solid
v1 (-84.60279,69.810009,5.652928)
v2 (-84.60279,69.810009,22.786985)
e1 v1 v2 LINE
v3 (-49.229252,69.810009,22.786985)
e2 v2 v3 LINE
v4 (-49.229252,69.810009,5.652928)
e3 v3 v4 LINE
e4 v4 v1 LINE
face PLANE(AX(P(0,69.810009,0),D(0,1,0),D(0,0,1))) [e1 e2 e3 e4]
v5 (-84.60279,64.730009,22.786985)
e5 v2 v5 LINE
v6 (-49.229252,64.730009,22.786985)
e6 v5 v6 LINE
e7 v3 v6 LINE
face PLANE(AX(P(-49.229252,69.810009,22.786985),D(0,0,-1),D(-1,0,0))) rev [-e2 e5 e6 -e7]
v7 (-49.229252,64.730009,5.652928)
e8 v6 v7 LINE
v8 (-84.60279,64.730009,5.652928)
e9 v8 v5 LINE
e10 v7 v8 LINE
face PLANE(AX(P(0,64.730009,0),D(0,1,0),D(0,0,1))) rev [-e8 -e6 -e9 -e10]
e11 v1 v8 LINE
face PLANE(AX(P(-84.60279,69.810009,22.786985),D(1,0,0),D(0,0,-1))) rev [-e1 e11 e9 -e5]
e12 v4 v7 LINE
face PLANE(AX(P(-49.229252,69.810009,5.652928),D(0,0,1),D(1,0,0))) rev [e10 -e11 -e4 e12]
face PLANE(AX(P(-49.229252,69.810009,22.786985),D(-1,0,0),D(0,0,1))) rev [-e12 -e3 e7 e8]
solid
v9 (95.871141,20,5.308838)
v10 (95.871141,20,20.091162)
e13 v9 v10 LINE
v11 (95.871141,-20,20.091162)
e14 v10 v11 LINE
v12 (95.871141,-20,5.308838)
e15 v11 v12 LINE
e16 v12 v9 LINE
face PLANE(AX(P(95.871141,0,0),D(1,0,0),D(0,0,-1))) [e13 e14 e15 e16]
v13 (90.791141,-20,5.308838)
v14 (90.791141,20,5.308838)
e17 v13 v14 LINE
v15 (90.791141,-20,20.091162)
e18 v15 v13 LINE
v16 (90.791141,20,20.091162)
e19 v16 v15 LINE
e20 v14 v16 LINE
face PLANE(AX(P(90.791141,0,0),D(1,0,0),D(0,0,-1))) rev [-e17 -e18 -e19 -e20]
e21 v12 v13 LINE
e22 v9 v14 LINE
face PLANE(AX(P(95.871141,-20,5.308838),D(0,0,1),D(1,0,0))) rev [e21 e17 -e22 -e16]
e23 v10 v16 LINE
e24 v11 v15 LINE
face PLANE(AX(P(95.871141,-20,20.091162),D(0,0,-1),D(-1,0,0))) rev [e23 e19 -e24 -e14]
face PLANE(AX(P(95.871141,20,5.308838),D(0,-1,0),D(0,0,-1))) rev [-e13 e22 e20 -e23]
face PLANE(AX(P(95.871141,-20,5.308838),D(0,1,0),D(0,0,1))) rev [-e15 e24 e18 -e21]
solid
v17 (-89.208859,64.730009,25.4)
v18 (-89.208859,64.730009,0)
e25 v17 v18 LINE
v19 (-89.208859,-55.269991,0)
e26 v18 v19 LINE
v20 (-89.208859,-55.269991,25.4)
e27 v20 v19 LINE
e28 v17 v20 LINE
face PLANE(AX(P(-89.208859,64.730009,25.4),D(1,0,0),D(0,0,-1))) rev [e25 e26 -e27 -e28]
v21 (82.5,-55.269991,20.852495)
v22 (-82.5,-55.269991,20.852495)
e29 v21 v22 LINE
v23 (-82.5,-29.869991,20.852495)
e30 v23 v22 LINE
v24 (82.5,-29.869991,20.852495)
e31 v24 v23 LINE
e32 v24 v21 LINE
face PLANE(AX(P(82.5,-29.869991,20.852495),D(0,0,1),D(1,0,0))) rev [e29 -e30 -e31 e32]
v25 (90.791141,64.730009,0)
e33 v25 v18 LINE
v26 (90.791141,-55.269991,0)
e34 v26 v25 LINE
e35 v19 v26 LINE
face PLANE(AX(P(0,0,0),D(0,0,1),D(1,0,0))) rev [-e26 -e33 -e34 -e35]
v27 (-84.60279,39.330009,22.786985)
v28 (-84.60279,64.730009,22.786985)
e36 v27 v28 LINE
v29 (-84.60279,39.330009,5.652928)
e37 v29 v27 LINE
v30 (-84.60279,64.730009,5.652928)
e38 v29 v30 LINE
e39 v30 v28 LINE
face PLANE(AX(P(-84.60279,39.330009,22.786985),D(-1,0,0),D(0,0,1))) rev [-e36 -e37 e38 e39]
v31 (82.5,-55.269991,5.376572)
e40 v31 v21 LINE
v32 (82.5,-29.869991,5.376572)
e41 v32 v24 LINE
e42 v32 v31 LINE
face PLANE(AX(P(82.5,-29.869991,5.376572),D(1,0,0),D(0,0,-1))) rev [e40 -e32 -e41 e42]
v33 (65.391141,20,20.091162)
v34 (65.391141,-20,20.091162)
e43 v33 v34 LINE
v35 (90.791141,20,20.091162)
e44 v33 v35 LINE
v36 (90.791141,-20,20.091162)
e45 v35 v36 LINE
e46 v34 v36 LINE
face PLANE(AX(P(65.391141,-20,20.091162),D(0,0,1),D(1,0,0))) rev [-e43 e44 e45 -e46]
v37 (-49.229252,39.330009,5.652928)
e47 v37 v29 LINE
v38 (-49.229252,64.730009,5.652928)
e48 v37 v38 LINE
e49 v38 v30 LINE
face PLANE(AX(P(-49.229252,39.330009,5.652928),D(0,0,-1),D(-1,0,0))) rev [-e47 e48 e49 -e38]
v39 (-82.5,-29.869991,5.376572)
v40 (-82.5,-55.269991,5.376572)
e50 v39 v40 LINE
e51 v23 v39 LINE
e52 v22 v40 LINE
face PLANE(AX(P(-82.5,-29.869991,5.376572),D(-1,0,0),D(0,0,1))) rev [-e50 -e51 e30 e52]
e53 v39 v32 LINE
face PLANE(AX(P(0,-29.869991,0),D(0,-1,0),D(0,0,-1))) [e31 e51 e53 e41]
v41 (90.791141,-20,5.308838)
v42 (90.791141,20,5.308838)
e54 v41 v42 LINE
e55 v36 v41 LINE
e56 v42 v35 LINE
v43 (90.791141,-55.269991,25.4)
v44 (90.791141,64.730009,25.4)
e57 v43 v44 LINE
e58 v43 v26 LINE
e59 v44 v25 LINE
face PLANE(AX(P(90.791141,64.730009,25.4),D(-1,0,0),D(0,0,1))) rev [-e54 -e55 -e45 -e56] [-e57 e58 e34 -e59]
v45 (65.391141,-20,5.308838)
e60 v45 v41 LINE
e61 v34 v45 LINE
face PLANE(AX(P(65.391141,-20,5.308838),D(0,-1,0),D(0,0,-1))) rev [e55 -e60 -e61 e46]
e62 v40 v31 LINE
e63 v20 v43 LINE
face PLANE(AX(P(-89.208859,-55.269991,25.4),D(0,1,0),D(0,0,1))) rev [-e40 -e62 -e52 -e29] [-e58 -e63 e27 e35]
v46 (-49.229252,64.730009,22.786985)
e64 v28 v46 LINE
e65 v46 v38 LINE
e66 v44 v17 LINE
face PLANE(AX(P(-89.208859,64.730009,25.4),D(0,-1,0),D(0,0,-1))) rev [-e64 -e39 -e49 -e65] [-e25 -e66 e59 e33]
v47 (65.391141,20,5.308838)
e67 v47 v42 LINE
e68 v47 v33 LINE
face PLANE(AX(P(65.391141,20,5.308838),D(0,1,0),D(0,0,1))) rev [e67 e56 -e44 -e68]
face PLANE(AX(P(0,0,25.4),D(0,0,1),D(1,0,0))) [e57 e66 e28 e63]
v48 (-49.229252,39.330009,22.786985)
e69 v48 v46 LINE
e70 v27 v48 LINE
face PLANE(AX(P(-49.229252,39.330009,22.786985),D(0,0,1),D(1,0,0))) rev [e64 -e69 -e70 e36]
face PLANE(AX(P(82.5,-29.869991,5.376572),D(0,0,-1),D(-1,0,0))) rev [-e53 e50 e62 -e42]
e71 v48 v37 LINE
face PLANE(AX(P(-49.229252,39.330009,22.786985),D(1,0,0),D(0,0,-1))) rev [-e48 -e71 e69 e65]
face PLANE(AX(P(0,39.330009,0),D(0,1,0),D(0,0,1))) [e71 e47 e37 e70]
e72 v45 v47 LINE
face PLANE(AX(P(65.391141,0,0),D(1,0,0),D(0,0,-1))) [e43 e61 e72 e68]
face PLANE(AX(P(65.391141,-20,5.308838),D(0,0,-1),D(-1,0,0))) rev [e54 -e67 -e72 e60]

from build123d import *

# Parameters (mm, degrees)
SKETCH1_W           = 180
SKETCH1_H           = 120
BOSS_EXTRUDE2_DEPTH = 25.4
SKETCH2_W           = 165
SKETCH2_H           = 15.47592275
CUT_EXTRUDE2_DEPTH  = 25.4
SKETCH3_W           = 35.373537715
SKETCH3_H           = 17.134057331
CUT_EXTRUDE3_DEPTH  = 25.4
SKETCH4_W           = 14.782323972
SKETCH4_H           = 40
CUT_EXTRUDE4_DEPTH  = 25.4
SKETCH3_2_W         = 35.373537715
SKETCH3_2_H         = 17.134057331
BOSS_EXTRUDE3_DEPTH = 5.08
SKETCH4_2_W         = 14.782323972
SKETCH4_2_H         = 40
BOSS_EXTRUDE4_DEPTH = 5.08


with BuildPart() as part:
    # Sketch1 → Boss-Extrude2 (new body)
    with BuildSketch(Plane.XY):
        with Locations((0.791140914, 4.730009408)):
            Rectangle(SKETCH1_W, SKETCH1_H)
    extrude(amount=BOSS_EXTRUDE2_DEPTH)

    # Sketch2 → Cut-Extrude2 (cut)
    with BuildSketch(Plane.XZ.offset(55.269990592)):
        with Locations((0, 13.114533645)):
            Rectangle(SKETCH2_W, SKETCH2_H)
    extrude(amount=-CUT_EXTRUDE2_DEPTH, mode=Mode.SUBTRACT)

    # Sketch3 → Cut-Extrude3 (cut)
    with BuildSketch(Plane(origin=(0, 64.730009408, 0), x_dir=(1, 0, 0), z_dir=(0, 1, 0))):
        with Locations((-66.916021118, -14.219956699)):
            Rectangle(SKETCH3_W, SKETCH3_H)
    extrude(amount=-CUT_EXTRUDE3_DEPTH, mode=Mode.SUBTRACT)

    # Sketch4 → Cut-Extrude4 (cut)
    with BuildSketch(Plane(origin=(90.791140914, 0, 0), x_dir=(0, 0, -1), z_dir=(1, 0, 0))):
        with Locations((-12.7, 0)):
            Rectangle(SKETCH4_W, SKETCH4_H)
    extrude(amount=-CUT_EXTRUDE4_DEPTH, mode=Mode.SUBTRACT)


with BuildPart() as body_2:
    # Sketch3<2> → Boss-Extrude3 (new body)
    with BuildSketch(Plane(origin=(0, 64.730009408, 0), x_dir=(1, 0, 0), z_dir=(0, 1, 0))):
        with Locations((-66.916021118, -14.219956699)):
            Rectangle(SKETCH3_2_W, SKETCH3_2_H)
    extrude(amount=BOSS_EXTRUDE3_DEPTH)


with BuildPart() as body_3:
    # Sketch4<2> → Boss-Extrude4 (new body)
    with BuildSketch(Plane(origin=(90.791140914, 0, 0), x_dir=(0, 0, -1), z_dir=(1, 0, 0))):
        with Locations((-12.7, 0)):
            Rectangle(SKETCH4_2_W, SKETCH4_2_H)
    extrude(amount=BOSS_EXTRUDE4_DEPTH)


solid = Compound([part.part, body_2.part, body_3.part])
